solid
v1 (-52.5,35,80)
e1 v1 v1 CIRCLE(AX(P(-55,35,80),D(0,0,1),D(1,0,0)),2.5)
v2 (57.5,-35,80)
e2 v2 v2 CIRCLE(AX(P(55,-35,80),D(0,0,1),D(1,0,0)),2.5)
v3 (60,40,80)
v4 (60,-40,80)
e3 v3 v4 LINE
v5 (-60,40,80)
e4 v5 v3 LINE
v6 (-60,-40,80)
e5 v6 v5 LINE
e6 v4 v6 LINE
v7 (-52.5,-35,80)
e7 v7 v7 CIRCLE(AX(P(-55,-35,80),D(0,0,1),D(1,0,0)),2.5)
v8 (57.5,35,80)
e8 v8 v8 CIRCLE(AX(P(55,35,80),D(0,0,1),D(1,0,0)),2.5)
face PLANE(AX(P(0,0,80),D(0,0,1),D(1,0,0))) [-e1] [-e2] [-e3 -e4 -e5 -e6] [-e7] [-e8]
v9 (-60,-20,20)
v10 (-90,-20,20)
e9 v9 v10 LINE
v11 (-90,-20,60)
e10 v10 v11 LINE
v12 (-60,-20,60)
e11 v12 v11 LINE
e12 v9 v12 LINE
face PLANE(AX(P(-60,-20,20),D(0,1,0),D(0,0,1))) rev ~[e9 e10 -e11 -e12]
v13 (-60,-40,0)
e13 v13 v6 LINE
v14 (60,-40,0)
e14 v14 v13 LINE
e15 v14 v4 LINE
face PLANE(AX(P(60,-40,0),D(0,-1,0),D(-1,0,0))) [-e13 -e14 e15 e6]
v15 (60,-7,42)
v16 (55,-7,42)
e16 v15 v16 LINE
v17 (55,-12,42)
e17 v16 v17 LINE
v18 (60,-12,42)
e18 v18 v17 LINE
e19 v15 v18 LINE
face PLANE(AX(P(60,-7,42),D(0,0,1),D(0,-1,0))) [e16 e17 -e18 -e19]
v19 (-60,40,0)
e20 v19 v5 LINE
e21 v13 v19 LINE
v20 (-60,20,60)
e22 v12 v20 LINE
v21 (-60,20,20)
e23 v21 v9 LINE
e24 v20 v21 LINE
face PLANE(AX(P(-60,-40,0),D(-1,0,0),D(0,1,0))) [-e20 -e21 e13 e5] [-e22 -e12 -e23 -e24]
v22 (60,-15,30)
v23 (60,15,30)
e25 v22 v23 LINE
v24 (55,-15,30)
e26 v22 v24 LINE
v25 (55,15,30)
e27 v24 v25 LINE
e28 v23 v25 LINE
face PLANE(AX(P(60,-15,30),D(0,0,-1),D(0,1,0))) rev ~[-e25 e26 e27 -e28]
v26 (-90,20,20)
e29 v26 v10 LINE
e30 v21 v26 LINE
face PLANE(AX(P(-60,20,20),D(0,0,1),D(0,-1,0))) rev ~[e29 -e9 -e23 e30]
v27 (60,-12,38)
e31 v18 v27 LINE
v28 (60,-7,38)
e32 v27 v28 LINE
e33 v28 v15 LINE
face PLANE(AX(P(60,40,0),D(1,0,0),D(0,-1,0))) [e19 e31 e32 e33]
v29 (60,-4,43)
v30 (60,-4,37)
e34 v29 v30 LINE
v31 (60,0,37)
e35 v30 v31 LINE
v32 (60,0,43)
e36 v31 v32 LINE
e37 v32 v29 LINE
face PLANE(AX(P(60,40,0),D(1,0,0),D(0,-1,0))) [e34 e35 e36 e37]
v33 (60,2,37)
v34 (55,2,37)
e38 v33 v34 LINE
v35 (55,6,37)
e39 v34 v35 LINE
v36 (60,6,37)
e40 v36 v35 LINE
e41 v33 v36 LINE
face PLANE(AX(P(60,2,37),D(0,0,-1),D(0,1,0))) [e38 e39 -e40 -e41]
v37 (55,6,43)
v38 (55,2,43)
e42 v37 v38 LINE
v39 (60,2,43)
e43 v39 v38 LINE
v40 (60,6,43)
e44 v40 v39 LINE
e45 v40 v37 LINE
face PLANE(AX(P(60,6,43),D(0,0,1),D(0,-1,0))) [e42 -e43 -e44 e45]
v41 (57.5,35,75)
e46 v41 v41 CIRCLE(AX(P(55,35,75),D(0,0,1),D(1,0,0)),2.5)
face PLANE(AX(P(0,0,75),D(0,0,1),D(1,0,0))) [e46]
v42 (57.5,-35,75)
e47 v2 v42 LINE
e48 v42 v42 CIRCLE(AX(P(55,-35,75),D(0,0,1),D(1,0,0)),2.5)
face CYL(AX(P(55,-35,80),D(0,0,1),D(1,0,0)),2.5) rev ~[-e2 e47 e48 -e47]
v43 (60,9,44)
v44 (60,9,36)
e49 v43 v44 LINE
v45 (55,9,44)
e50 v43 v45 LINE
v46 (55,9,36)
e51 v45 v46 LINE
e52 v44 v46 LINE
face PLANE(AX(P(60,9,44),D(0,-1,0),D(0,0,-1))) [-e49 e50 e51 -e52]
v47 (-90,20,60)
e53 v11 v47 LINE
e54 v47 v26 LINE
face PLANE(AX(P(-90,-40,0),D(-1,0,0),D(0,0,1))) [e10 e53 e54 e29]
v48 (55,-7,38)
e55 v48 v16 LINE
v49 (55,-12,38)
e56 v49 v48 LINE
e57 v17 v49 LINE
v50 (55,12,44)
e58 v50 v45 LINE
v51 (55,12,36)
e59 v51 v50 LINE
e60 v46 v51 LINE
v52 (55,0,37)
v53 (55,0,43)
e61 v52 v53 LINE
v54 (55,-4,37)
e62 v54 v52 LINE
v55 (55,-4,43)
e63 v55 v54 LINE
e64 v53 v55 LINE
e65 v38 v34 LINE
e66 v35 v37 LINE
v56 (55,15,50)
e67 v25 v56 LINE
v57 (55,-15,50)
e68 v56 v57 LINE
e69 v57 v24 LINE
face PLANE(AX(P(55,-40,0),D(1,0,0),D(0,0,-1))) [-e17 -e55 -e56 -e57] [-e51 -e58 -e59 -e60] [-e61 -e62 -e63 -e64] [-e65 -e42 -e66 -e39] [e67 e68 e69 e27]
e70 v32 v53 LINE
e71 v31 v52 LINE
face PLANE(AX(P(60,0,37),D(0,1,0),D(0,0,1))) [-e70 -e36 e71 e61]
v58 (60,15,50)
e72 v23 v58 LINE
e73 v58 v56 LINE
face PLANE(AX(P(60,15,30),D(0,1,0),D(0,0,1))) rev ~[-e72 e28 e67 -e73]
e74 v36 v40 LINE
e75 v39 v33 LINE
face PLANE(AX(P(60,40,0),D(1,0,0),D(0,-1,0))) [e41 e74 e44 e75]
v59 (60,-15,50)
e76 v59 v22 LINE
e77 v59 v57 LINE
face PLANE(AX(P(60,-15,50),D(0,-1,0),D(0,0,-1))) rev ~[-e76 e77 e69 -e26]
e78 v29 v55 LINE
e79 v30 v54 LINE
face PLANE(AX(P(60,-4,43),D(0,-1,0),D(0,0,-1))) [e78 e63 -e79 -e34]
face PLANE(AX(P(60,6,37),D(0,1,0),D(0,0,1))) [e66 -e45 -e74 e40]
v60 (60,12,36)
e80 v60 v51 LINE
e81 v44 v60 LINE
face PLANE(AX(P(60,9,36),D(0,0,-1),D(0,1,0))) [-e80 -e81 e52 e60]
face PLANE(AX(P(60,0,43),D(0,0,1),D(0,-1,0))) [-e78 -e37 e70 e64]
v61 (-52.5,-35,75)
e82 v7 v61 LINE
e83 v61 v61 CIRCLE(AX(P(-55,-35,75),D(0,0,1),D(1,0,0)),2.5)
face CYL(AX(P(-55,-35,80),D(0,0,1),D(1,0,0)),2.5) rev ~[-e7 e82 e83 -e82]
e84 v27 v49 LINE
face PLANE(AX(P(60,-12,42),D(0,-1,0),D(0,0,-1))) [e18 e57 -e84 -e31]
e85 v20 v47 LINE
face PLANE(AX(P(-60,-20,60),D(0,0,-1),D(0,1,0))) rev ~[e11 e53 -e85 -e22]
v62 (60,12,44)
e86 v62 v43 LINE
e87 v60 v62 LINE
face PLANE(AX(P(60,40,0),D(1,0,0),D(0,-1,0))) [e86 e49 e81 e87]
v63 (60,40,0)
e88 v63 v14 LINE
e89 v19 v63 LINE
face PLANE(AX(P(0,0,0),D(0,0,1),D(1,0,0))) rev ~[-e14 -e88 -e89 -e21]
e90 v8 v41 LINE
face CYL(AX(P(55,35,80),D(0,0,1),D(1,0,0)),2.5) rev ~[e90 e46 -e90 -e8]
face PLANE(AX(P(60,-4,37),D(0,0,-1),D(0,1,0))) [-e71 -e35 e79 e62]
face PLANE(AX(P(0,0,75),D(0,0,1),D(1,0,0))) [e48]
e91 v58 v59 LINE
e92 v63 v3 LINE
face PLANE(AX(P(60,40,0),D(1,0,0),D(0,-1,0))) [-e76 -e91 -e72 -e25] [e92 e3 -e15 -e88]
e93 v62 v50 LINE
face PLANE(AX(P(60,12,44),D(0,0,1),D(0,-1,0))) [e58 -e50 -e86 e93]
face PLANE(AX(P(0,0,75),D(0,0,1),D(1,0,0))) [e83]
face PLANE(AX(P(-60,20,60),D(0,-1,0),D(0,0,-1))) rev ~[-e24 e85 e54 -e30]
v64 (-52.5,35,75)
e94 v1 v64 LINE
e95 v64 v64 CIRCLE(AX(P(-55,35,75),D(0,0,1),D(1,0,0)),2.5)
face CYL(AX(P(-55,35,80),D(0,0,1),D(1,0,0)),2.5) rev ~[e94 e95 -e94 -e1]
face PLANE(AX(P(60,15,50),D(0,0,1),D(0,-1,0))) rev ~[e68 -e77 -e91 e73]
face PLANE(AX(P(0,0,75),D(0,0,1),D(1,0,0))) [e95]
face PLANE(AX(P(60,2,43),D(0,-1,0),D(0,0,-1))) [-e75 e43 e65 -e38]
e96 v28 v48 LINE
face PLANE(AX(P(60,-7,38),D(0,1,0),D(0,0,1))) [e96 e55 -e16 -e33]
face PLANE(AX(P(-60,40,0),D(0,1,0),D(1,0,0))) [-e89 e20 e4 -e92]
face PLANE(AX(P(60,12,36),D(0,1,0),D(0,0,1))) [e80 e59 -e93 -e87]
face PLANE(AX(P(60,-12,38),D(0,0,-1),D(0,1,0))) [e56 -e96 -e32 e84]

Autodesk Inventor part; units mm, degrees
ref_plane "YZ Plane" through (0, 0, 0) normal (1, 0, 0) x (0, 1, 0)
ref_plane "XZ Plane" through (0, 0, 0) normal (0, 1, 0) x (-1, 0, 0)
ref_plane "XY Plane" through (0, 0, 0) normal (0, 0, 1) x (1, 0, 0)
sketch "Sketch1" plane through (0, 0, 0) normal (0, 0, 1) x (1, 0, 0)
  line L0 (-60, 40) -> (60, 40)
  line L1 (60, 40) -> (60, -40)
  line L2 (60, -40) -> (-60, -40)
  line L3 (-60, -40) -> (-60, 40)
  point P0 (0, 0)
  point P1 (0, 40)
  point P2 (-60, 0)
  dimension "d0" = 120
  dimension "d1" = 80
extrude "Extrusion1" add sketch "Sketch1" along normal blind 80
sketch "Sketch2" plane through (-60, -40, 0) normal (-1, 0, 0) x (0, 0, 1)
  line L0 (60, 60) -> (20, 60)
  line L1 (20, 60) -> (20, 20)
  line L2 (20, 20) -> (60, 20)
  line L3 (60, 20) -> (60, 60)
  line L4 (0, 0) -> (0, 80) projected
  line L5 (0, 80) -> (80, 80) projected
  point P0 (0, 40)
  point P1 (60, 40)
  point P2 (0, 40)
  point P3 (40, 60)
  point P4 (40, 80)
  dimension "d4" = 40
  dimension "d5" = 40
extrude "Extrusion2" add sketch "Sketch2" along normal blind 30
sketch "Sketch3" plane through (60, -40, 0) normal (1, 0, 0) x (0, 0, -1)
  line L0 (-50, 25) -> (-30, 25)
  line L1 (-30, 25) -> (-30, 55)
  line L2 (-30, 55) -> (-50, 55)
  line L3 (-50, 55) -> (-50, 25)
  line L4 (0, 0) -> (-80, 0)
  line L5 (-80, 0) -> (-80, 80)
  line L6 (-38, 33) -> (-42, 33)
  line L7 (-42, 33) -> (-42, 28)
  line L8 (-42, 28) -> (-38, 28)
  line L9 (-38, 28) -> (-38, 33)
  line L10 (-37, 40) -> (-43, 40)
  line L11 (-43, 40) -> (-43, 36)
  line L12 (-43, 36) -> (-37, 36)
  line L13 (-37, 36) -> (-37, 40)
  line L14 (-37, 46) -> (-43, 46)
  line L15 (-43, 46) -> (-43, 42)
  line L16 (-43, 42) -> (-37, 42)
  line L17 (-37, 42) -> (-37, 46)
  line L18 (-44, 49) -> (-36, 49)
  line L19 (-36, 49) -> (-36, 52)
  line L20 (-36, 52) -> (-44, 52)
  line L21 (-44, 52) -> (-44, 49)
  point P0 (0, 40)
  point P1 (-40, 25)
  point P2 (-40, 0)
  point P3 (-50, 40)
  point P4 (-80, 40)
  point P5 (-40, 28)
  point P6 (-40, 36)
  point P7 (-40, 42)
  point P8 (-40, 52)
  point P9 (-40, 55)
  dimension "d21" = 30
  dimension "d20" = 20
  dimension "d19" = 5
  dimension "d18" = 4
  dimension "d16" = 4
  dimension "d15" = 6
  dimension "d13" = 6
  dimension "d12" = 4
  dimension "d9" = 3
  dimension "d10" = 8
  dimension "d14" = 3
  dimension "d11" = 2
  dimension "d8" = 3
  dimension "d17" = 3
extrude "Extrusion3" cut sketch "Sketch3" against normal blind 5
sketch "Sketch4" plane through (0, 0, 80) normal (0, 0, 1) x (1, 0, 0)
  circle A0 centre (55, 35) radius 2.5
  line L0 (60, 40) -> (-60, 40) projected
  line L1 (60, -40) -> (60, 40) projected
  circle A1 centre (55, -35) radius 2.5
  circle A2 centre (-55, 35) radius 2.5
  circle A3 centre (-55, -35) radius 2.5
  point P0 (0, 0)
  dimension "d25" = 5
  dimension "d26" = 5
  dimension "d27" = 5
  dimension "d30" = 70
  dimension "d33" = 110
extrude "Extrusion4" cut sketch "Sketch4" against normal blind 5
properties part number "prismatic"
